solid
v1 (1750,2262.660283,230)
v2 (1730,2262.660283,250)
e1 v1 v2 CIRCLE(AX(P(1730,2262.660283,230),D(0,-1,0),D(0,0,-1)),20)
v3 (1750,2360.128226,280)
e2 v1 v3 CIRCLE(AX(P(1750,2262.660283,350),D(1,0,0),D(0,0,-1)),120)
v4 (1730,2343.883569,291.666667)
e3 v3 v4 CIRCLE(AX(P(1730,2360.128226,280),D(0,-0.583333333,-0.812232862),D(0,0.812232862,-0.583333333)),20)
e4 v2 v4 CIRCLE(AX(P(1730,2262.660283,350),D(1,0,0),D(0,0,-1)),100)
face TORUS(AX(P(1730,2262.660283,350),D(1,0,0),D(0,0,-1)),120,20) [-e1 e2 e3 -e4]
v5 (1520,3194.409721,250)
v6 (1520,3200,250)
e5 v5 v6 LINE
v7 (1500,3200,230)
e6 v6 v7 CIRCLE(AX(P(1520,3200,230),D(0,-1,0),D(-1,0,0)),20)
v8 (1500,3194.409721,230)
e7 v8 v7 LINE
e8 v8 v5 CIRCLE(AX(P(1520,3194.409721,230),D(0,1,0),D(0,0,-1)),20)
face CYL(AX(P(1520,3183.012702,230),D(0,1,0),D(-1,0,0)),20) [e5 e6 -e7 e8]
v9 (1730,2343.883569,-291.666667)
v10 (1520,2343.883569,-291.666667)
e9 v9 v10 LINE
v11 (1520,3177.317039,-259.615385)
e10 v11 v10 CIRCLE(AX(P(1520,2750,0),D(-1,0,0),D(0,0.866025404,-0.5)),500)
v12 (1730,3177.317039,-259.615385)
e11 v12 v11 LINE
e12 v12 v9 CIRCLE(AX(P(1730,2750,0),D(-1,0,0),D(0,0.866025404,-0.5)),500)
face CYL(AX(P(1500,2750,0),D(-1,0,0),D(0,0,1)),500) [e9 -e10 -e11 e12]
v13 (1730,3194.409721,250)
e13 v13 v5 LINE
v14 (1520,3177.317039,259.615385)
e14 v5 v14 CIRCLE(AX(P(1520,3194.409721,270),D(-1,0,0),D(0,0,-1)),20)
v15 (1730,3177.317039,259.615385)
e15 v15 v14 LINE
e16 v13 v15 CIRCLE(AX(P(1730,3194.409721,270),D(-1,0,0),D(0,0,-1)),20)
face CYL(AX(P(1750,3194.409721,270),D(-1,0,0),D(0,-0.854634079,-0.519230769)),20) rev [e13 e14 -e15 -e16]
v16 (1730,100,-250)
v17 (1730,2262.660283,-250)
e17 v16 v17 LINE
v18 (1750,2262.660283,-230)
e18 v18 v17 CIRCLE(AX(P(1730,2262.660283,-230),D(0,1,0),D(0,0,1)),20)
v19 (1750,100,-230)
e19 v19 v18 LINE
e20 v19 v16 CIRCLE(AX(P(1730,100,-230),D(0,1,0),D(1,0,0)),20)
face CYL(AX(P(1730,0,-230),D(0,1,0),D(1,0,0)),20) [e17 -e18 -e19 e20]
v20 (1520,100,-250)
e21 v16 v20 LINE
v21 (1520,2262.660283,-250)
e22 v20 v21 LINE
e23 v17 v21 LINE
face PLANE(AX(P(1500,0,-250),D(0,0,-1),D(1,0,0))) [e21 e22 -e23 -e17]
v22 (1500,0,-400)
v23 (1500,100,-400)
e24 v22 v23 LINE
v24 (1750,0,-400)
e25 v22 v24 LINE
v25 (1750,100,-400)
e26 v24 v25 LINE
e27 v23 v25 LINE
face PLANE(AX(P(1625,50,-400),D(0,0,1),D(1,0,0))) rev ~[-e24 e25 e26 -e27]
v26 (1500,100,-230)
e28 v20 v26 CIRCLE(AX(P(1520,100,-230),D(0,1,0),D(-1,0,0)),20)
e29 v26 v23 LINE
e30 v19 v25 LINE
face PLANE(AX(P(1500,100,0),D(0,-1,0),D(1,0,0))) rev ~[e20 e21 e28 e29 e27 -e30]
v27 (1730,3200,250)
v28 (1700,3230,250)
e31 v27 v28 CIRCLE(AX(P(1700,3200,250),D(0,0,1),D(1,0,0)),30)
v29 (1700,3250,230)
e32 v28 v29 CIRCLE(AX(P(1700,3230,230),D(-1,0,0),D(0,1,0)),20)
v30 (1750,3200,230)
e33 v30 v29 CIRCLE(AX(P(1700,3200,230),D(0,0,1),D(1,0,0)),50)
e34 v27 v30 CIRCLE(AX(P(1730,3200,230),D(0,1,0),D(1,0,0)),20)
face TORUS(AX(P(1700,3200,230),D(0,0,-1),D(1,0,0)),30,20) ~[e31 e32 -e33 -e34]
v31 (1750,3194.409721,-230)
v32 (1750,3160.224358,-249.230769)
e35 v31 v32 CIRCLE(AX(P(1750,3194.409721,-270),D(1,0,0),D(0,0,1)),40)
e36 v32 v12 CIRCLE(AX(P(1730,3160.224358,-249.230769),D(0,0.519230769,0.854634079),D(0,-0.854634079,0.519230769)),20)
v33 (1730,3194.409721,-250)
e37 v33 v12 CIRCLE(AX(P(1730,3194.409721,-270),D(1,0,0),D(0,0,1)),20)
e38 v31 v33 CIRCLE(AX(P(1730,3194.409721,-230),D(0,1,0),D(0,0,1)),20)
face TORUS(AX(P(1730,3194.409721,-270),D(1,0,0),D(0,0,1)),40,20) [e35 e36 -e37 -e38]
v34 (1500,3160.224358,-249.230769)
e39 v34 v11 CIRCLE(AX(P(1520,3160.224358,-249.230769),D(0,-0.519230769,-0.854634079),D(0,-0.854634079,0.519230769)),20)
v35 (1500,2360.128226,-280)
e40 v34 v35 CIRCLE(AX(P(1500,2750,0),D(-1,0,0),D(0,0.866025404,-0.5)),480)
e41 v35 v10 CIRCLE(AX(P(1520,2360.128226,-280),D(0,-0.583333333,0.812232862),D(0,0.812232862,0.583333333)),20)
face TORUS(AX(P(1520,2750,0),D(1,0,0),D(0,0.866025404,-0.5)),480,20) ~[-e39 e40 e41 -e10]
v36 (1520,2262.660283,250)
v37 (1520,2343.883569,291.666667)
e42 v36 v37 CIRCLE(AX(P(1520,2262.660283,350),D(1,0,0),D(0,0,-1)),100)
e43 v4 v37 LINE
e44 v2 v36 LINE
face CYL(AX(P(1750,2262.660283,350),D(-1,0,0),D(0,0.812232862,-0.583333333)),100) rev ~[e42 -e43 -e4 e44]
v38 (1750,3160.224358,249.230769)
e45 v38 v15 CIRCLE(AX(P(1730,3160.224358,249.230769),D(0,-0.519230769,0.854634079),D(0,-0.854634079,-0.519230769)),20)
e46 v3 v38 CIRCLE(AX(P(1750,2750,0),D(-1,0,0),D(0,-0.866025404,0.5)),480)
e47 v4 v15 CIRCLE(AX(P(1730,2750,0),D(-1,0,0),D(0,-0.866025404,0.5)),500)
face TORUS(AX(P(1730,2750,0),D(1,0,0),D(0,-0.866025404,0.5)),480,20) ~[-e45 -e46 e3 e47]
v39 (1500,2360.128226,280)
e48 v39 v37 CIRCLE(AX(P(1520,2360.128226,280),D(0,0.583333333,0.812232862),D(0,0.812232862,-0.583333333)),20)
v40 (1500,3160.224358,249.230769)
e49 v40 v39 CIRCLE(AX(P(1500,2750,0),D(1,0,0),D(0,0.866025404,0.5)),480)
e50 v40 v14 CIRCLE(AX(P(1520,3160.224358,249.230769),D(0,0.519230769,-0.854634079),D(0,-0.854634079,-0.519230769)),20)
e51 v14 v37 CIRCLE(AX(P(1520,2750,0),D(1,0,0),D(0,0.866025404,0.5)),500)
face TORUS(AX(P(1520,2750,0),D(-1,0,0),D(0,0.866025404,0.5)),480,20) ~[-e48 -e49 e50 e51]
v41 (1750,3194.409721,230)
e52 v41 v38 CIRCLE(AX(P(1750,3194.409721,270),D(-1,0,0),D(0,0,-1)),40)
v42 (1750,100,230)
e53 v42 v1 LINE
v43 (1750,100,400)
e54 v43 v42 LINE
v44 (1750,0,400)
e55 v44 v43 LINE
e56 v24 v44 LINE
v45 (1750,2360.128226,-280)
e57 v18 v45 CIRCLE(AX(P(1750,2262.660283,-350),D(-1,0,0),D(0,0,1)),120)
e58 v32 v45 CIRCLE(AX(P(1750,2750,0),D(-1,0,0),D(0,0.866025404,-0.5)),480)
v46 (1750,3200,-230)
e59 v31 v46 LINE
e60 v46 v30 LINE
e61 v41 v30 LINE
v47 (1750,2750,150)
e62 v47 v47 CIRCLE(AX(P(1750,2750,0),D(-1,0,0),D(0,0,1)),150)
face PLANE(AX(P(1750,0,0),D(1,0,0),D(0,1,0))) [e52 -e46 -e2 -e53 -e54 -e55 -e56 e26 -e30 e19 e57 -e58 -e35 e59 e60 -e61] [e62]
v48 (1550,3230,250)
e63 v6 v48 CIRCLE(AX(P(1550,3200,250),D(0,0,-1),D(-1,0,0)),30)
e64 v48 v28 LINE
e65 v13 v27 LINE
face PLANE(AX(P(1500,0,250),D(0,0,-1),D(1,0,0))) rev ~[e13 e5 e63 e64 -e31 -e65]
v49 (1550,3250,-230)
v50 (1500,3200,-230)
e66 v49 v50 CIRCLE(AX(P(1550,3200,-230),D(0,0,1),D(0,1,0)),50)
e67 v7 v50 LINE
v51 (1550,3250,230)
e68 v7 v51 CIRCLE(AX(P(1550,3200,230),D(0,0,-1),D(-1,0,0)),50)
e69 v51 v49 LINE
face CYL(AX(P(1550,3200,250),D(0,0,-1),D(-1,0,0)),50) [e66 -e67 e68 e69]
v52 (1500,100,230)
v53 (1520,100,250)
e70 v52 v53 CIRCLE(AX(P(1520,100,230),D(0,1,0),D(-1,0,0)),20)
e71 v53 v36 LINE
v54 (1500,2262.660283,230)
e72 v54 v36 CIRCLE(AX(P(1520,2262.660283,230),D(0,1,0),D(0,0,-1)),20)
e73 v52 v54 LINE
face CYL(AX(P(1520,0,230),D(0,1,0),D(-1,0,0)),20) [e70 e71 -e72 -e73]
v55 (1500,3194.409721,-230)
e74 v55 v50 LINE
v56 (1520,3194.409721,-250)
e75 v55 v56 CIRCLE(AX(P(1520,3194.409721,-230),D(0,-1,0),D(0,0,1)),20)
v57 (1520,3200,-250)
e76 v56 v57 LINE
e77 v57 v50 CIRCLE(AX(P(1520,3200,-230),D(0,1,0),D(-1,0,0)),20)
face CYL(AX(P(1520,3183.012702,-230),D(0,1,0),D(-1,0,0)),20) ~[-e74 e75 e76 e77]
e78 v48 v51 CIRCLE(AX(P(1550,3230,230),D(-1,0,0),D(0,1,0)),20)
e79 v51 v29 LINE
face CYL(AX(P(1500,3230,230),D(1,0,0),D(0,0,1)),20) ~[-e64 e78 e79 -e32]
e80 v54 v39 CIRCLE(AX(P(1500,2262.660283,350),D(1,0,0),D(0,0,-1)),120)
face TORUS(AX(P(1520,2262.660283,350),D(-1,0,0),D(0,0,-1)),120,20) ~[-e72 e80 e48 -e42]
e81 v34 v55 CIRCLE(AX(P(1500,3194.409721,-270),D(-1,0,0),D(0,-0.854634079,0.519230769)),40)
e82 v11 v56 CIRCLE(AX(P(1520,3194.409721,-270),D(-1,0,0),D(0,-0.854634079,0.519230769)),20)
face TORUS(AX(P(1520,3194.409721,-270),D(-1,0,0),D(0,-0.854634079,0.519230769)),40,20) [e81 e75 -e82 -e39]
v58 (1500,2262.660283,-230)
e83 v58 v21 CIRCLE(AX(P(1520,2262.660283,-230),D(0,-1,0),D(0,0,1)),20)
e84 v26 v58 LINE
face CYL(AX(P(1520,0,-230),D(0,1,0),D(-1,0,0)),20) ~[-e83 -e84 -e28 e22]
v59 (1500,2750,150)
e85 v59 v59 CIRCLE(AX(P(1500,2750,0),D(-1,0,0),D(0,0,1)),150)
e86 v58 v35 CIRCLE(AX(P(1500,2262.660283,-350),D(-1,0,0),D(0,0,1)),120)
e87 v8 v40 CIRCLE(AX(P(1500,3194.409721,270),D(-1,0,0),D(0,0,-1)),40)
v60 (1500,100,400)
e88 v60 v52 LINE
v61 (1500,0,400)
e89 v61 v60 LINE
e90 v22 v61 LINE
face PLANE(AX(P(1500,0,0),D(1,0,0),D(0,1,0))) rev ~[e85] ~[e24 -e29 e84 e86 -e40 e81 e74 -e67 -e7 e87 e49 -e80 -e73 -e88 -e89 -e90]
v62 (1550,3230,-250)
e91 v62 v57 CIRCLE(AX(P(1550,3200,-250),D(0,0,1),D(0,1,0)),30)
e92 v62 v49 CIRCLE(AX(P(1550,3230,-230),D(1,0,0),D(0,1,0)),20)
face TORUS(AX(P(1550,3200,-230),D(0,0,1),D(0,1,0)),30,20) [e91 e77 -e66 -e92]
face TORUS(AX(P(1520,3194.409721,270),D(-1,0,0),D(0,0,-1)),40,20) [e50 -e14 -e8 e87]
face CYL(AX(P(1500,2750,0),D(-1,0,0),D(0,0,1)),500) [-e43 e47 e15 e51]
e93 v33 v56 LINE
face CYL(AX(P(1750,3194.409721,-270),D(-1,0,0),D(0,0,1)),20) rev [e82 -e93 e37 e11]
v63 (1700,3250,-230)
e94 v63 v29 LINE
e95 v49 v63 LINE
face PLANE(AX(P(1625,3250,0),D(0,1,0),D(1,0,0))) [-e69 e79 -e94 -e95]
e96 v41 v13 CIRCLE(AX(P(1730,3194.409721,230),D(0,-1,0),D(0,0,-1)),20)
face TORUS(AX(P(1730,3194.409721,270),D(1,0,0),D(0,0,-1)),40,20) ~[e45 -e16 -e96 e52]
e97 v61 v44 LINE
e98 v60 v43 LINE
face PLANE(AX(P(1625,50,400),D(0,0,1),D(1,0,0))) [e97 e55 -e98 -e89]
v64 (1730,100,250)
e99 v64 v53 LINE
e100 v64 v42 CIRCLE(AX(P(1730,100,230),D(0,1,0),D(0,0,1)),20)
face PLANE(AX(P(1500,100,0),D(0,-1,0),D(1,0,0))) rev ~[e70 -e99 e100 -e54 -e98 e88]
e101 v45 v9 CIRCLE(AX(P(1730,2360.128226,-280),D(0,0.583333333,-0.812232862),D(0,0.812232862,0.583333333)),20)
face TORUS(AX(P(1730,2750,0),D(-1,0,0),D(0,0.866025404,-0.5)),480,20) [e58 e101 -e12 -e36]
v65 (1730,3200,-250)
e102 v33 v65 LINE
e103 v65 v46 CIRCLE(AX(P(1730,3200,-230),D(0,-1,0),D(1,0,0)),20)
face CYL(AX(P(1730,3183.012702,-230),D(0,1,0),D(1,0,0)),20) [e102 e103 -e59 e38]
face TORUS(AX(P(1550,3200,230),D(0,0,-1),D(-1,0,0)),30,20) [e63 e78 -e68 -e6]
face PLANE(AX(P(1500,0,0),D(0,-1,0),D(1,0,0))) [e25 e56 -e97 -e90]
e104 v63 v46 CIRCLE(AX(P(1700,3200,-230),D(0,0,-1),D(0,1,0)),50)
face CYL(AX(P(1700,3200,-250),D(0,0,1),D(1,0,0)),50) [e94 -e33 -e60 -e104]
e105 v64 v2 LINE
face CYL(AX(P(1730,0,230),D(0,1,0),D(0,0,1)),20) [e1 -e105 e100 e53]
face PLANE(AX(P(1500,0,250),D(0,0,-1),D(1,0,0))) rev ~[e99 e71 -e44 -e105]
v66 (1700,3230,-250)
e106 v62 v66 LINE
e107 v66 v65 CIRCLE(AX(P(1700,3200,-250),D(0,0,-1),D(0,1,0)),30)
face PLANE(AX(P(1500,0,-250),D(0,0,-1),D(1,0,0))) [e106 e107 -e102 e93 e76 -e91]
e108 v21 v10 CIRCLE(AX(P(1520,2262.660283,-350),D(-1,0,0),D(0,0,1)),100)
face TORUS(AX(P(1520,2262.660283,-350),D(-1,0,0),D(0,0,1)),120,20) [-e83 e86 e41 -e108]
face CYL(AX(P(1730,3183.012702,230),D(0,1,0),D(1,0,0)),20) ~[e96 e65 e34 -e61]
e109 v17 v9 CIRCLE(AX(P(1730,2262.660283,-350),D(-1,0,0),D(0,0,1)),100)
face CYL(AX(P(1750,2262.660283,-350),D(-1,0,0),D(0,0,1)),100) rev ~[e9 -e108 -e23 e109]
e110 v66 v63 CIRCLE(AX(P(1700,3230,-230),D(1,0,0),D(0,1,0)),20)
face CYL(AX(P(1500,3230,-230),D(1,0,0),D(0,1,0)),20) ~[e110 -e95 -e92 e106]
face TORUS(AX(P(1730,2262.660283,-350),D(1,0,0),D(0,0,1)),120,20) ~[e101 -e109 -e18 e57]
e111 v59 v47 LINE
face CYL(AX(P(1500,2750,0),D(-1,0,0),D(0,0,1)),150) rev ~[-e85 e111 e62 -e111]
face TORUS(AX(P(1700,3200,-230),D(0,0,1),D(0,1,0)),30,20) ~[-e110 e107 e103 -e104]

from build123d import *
from OCP.BRepFilletAPI import BRepFilletAPI_MakeFillet

# Parameters (mm, degrees)
SKETCH4_W           = 250
SKETCH4_H           = 500
BOSS_EXTRUDE3_DEPTH = 3250
SKETCH7_R           = 500
BOSS_EXTRUDE4_DEPTH = 250
SKETCH8_R           = 150
CUT_EXTRUDE1_DEPTH  = 250
FILLET1_R1          = 20
FILLET1_R2          = 50
FILLET1_R3          = 100
SKETCH10_W          = 250
SKETCH10_H          = 100
BOSS_EXTRUDE5_DEPTH = 400


with BuildPart() as part:
    # Sketch4 → Boss-Extrude3 (new body)
    with BuildSketch(Plane(origin=(0, 0, 0), x_dir=(1, 0, 0), z_dir=(0, 1, 0))):
        with Locations((1625, 0)):
            Rectangle(SKETCH4_W, SKETCH4_H)
    extrude(amount=BOSS_EXTRUDE3_DEPTH)

    # Sketch7 → Boss-Extrude4 (add)
    with BuildSketch(Plane.ZY.offset(-1500)):
        with Locations((0, 2750)):
            Circle(SKETCH7_R)
    extrude(amount=-BOSS_EXTRUDE4_DEPTH)

    # Sketch8 → Cut-Extrude1 (cut)
    with BuildSketch(Plane.ZY.offset(-1500)):
        with Locations((0, 2750)):
            Circle(SKETCH8_R)
    extrude(amount=-CUT_EXTRUDE1_DEPTH, mode=Mode.SUBTRACT)

    # Fillet1: one fillet with a radius per group of edges: ONE call of the kernel's fillet builder (fillet() takes one radius for all edges)
    fillet1_edges_1 = [part.edges().sort_by_distance(p)[0] for p in [
        (1500, 1158.493649054, -250),
        (1625, 3250, -250),
        (1750, 1158.493649054, -250),
        (1750, 1158.493649054, 250),
        (1500, 1158.493649054, 250),
        (1750, 2750, 500),
        (1750, 2750, -500),
        (1625, 3183.012701892, -250),
        (1500, 2750, 500),
        (1500, 2750, -500),
        (1625, 3183.012701892, 250),
        (1500, 3216.506350946, -250),
        (1750, 3216.506350946, -250),
        (1750, 3216.506350946, 250),
        (1500, 3216.506350946, 250),
        (1625, 3250, 250),
    ]]
    fillet1_edges_2 = [part.edges().sort_by_distance(p)[0] for p in [
        (1750, 3250, 0),
        (1500, 3250, 0),
    ]]
    fillet1_edges_3 = [part.edges().sort_by_distance(p)[0] for p in [
        (1625, 2316.987298108, 250),
        (1625, 2316.987298108, -250),
    ]]
    fillet1 = BRepFilletAPI_MakeFillet(part.part.solid().wrapped)
    for e in fillet1_edges_1:
        fillet1.Add(FILLET1_R1, e.wrapped)
    for e in fillet1_edges_2:
        fillet1.Add(FILLET1_R2, e.wrapped)
    for e in fillet1_edges_3:
        fillet1.Add(FILLET1_R3, e.wrapped)
    add(Compound.cast(fillet1.Shape()), mode=Mode.REPLACE)

    # Sketch10 → Boss-Extrude5 (add, symmetric)
    with BuildSketch(Plane.XY):
        with Locations((1625, 50)):
            Rectangle(SKETCH10_W, SKETCH10_H)
    extrude(amount=BOSS_EXTRUDE5_DEPTH, both=True)


solid = part.part
